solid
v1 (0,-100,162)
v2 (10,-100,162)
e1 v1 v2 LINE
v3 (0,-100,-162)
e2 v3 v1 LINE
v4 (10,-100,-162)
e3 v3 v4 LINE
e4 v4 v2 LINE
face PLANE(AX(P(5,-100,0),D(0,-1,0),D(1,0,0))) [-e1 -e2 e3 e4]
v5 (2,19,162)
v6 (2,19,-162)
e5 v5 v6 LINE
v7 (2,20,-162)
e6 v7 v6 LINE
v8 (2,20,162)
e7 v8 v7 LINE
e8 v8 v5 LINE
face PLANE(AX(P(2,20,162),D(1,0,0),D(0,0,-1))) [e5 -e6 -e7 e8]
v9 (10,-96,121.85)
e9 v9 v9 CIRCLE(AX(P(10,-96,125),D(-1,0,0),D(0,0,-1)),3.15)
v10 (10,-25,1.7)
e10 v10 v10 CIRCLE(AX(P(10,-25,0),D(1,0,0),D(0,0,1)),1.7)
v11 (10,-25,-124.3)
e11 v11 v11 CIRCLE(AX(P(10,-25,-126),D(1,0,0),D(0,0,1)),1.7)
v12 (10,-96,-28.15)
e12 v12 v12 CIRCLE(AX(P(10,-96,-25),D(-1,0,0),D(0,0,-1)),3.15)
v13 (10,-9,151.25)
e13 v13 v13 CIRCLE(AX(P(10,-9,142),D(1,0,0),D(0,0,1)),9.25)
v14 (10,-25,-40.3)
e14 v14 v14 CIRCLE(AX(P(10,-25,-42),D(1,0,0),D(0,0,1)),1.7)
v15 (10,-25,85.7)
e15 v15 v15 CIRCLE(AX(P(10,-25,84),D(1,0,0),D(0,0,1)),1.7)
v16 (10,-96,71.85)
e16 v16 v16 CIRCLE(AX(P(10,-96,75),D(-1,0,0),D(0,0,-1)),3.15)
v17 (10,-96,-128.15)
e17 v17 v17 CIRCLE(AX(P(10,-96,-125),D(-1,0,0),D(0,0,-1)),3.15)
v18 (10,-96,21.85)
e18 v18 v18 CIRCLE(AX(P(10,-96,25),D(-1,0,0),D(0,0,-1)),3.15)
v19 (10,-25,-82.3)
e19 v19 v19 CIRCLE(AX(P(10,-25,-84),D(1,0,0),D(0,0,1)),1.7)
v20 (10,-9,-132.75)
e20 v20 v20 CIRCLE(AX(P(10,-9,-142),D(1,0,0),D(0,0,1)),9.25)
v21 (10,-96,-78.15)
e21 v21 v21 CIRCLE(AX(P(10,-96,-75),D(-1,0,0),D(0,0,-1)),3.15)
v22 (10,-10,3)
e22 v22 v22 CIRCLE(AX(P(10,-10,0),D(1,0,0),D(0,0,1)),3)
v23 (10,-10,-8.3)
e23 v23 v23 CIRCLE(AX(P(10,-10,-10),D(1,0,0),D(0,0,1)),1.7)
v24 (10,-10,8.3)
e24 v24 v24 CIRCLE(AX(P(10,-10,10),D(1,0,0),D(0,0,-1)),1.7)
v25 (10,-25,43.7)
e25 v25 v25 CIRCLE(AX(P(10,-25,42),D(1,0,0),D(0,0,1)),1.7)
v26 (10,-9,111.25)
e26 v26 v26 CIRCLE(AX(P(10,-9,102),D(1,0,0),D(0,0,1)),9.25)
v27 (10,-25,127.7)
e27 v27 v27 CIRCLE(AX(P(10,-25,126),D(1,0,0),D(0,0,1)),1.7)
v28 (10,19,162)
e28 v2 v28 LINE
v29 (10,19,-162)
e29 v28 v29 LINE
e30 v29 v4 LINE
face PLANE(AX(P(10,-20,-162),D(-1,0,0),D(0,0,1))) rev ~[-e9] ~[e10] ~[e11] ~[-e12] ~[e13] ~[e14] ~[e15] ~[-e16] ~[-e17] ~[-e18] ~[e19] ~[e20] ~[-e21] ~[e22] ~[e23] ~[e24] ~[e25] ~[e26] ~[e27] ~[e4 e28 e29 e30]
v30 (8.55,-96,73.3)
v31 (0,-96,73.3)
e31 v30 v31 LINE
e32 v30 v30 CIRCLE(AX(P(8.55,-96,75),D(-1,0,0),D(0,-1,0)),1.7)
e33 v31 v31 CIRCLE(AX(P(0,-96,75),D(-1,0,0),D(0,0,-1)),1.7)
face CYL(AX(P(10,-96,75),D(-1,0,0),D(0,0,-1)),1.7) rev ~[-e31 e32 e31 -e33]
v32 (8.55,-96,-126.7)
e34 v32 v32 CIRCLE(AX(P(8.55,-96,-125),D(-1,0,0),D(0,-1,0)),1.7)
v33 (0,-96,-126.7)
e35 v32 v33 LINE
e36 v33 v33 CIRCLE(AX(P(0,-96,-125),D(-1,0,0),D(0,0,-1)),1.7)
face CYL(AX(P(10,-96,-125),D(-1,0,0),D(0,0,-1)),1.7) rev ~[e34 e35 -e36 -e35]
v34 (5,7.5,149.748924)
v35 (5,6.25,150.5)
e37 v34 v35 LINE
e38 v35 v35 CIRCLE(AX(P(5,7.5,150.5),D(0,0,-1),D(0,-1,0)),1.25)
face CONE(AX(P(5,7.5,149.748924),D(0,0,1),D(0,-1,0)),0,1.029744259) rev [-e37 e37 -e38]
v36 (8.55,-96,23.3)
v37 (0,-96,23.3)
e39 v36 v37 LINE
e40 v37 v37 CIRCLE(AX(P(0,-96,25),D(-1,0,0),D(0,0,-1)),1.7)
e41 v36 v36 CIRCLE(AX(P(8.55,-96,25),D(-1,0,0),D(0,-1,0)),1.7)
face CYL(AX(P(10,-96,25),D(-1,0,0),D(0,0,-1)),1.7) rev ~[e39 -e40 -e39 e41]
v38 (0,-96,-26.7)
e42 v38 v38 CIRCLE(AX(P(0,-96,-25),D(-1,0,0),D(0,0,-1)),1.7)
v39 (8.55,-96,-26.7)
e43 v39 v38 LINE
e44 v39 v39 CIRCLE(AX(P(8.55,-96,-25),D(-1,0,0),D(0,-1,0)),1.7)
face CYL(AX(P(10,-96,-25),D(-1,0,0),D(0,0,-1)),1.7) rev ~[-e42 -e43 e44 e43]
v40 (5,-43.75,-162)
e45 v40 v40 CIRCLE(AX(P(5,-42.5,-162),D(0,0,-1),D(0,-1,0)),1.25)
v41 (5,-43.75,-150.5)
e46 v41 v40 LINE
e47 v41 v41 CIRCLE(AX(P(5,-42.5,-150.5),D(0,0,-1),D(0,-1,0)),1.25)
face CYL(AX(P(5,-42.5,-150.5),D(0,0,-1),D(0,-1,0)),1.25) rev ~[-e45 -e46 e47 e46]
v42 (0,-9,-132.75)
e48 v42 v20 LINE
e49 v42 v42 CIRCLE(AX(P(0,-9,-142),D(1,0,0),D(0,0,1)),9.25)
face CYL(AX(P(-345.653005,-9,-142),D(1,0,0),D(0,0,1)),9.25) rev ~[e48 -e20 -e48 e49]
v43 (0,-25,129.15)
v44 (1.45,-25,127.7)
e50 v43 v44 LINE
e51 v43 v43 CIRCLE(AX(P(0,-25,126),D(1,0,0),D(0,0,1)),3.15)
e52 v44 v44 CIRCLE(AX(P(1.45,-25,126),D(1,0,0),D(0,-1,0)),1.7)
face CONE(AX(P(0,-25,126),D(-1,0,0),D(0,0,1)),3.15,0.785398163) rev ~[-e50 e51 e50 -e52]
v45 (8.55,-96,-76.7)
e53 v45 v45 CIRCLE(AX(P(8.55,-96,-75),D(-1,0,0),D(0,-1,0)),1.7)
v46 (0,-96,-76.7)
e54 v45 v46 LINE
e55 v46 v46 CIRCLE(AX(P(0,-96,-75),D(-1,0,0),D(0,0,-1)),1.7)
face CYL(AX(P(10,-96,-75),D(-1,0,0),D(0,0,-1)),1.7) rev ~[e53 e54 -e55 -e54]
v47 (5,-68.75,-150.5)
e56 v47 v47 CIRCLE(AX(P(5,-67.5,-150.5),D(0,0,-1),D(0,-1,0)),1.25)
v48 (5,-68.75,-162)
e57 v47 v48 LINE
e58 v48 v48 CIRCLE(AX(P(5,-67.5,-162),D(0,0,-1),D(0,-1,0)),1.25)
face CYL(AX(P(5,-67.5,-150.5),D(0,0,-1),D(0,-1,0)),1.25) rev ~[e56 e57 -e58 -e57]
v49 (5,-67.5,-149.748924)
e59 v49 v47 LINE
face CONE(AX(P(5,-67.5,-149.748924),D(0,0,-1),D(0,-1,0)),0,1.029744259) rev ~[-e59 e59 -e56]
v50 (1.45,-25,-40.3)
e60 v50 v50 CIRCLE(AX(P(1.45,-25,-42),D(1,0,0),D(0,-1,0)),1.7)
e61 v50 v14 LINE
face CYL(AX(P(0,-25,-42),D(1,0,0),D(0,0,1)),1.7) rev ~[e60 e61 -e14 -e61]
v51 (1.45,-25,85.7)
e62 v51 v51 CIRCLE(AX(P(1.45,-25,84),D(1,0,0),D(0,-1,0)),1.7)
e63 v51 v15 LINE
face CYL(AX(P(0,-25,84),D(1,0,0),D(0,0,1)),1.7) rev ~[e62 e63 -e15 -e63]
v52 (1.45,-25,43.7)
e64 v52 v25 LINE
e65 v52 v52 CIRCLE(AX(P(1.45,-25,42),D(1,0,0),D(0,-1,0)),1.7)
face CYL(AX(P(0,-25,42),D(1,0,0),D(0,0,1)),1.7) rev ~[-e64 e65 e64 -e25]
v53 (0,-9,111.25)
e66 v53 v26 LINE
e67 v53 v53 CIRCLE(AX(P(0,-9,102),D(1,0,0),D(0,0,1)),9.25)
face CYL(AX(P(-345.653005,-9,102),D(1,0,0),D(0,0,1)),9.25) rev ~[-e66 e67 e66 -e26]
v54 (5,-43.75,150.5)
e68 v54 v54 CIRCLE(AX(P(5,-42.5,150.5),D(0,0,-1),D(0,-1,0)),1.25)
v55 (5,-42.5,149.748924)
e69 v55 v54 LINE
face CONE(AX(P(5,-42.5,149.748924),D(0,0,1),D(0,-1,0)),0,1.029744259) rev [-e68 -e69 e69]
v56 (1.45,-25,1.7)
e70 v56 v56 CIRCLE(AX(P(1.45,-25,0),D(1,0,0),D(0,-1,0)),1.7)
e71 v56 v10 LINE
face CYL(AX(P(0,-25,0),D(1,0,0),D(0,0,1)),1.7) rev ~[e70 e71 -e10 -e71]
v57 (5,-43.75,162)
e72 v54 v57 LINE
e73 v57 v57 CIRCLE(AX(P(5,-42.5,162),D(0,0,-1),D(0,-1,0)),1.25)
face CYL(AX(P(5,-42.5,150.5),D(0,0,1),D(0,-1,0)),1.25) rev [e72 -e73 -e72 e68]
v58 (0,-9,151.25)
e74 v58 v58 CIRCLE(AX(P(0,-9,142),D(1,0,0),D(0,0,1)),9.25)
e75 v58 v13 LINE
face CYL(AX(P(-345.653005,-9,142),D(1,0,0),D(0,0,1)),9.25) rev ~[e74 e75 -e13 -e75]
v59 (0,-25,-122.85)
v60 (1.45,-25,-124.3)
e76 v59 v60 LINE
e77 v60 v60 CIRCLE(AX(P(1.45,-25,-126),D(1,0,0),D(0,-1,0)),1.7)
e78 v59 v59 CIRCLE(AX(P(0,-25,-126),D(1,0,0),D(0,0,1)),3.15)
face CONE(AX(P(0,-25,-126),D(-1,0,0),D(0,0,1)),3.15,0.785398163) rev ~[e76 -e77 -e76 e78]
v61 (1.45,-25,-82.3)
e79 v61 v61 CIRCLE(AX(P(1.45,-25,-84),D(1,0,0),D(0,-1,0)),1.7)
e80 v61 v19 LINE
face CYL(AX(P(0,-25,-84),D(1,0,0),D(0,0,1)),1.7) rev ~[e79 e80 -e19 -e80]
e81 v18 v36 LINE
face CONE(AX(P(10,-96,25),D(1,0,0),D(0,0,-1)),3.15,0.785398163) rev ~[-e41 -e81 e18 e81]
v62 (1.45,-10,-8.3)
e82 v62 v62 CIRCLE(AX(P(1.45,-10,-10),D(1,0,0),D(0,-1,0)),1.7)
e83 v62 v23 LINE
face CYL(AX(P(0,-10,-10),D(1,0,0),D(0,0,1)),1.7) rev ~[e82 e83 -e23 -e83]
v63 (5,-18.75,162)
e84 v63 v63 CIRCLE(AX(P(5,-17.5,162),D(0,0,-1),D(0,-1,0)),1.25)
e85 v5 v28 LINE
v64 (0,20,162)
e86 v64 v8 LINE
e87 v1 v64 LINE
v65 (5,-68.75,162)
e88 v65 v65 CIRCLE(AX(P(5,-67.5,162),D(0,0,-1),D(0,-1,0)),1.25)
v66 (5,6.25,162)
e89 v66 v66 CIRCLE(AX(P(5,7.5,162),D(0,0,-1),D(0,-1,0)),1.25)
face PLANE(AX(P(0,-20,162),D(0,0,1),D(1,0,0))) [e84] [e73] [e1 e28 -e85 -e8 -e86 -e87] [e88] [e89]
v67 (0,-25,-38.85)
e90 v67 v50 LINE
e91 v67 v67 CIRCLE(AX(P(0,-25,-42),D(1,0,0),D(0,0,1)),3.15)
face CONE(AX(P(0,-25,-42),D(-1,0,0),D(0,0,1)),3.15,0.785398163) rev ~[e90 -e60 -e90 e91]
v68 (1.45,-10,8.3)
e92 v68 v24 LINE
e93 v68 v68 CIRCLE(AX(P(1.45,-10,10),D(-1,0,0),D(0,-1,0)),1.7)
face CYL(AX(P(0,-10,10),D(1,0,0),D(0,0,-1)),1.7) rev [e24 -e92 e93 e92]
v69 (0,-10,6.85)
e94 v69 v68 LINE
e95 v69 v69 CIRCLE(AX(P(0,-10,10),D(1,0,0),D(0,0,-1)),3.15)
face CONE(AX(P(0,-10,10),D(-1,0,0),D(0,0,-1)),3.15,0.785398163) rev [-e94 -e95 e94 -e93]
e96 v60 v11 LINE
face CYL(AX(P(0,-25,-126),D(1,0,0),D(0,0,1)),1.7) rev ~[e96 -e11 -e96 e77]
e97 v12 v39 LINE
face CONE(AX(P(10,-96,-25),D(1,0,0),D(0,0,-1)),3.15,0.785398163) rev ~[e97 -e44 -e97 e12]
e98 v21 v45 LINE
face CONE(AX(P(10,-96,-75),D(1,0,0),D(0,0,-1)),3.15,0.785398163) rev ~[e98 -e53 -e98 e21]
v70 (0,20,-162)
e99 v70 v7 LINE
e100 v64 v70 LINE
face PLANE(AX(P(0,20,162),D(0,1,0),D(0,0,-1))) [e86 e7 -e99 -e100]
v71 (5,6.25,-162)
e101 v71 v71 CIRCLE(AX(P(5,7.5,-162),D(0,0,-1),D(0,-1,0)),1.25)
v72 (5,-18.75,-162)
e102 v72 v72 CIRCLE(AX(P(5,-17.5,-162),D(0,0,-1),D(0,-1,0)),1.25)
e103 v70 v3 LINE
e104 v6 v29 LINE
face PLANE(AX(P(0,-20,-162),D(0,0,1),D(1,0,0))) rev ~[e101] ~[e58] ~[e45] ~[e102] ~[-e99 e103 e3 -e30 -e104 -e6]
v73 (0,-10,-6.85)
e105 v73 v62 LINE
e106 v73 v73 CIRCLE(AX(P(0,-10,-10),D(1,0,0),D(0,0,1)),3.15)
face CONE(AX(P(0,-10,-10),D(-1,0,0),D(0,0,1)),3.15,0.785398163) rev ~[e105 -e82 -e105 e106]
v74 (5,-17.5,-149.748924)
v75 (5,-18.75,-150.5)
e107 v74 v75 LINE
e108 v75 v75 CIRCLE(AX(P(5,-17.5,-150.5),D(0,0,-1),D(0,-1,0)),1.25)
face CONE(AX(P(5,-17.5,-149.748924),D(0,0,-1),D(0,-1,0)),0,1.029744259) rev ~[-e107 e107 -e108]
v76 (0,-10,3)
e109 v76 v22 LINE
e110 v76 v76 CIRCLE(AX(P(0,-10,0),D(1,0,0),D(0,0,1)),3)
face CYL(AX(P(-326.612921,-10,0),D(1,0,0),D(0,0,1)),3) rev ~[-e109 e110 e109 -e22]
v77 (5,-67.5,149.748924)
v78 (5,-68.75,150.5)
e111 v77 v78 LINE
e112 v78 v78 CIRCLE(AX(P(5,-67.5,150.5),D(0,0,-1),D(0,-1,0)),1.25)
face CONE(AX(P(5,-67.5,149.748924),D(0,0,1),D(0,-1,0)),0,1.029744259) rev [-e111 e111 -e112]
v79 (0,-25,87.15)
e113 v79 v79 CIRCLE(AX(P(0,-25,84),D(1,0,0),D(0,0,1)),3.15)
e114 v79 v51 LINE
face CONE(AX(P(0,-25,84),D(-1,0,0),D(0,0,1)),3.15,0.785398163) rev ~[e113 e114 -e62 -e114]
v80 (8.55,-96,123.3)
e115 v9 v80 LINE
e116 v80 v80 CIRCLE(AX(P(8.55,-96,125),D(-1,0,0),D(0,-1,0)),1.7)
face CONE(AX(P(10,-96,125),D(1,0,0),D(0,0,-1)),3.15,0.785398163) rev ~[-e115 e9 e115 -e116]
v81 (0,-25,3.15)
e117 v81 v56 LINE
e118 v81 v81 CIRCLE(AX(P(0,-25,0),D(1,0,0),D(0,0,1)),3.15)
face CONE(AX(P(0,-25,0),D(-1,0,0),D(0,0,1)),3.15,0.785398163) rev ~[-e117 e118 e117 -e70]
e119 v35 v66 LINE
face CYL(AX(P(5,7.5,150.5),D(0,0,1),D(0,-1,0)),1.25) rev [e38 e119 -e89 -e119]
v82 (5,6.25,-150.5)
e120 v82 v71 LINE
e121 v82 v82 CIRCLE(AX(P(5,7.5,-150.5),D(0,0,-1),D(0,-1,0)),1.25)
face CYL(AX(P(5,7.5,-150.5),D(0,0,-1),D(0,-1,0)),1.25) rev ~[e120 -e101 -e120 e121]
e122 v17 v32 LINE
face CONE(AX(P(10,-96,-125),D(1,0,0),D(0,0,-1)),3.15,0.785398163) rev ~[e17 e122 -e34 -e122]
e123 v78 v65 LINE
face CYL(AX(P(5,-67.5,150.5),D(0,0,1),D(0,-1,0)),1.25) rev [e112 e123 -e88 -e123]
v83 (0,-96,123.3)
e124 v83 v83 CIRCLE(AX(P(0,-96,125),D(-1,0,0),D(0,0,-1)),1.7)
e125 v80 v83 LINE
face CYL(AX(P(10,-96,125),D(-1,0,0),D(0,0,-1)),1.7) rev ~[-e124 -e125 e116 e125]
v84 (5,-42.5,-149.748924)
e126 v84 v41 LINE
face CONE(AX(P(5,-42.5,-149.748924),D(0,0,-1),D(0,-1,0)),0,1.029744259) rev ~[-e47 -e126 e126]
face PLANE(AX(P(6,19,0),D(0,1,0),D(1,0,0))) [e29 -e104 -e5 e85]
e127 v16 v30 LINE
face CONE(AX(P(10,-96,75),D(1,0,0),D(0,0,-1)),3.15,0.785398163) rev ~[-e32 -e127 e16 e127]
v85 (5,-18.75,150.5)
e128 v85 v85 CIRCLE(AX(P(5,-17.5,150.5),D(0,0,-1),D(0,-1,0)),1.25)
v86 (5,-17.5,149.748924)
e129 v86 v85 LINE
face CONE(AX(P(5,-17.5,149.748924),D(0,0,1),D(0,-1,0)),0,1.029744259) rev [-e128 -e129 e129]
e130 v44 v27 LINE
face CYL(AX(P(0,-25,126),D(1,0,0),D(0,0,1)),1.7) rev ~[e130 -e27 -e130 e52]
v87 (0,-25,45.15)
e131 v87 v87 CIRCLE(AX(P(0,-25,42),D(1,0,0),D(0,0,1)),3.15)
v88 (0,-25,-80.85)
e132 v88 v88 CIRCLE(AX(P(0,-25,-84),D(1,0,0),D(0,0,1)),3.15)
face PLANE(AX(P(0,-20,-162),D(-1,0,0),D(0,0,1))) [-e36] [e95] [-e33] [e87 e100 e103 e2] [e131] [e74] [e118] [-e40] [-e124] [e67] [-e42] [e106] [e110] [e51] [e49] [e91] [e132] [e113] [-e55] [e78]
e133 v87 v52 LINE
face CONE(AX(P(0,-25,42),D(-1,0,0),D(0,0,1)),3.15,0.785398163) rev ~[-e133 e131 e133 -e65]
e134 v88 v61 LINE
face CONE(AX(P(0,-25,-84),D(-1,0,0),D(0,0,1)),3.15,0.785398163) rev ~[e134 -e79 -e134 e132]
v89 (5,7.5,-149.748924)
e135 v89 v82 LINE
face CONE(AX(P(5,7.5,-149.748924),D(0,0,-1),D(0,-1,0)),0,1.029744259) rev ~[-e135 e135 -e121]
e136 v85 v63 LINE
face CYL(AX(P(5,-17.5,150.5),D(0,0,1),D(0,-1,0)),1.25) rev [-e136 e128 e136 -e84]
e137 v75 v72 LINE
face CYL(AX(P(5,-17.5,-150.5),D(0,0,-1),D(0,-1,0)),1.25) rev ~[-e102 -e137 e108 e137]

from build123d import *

# Parameters (mm, degrees)
SKETCH1_W                                            = 324
SKETCH1_H                                            = 40
BOSS_EXTRUDE1_DEPTH                                  = 10
G1_4_TAPPED_HOLE1_D                                  = 6
CSK_FOR_M3_COUNTERSUNK_FLAT_HEAD1_D                  = 3.4
CSK_FOR_M3_COUNTERSUNK_FLAT_HEAD1_CSINK_D            = 6.3
CSK_FOR_M3_COUNTERSUNK_FLAT_HEAD1_CSINK_ANGLE        = 90
SKETCH9_W                                            = 10
SKETCH9_H                                            = 324
BOSS_EXTRUDE2_DEPTH                                  = 80
CSK_FOR_M3_COUNTERSUNK_FLAT_HEAD2_D                  = 3.4
CSK_FOR_M3_COUNTERSUNK_FLAT_HEAD2_DEPTH              = 11.5
CSK_FOR_M3_COUNTERSUNK_FLAT_HEAD2_CSINK_D            = 6.3
CSK_FOR_M3_COUNTERSUNK_FLAT_HEAD2_CSINK_ANGLE        = 90
CSK_FOR_M3_COUNTERSUNK_FLAT_HEAD2_TIP                = 1.021463052
M3X0_5_TAPPED_HOLE1_AT_2_COUNT                       = 2
M3X0_5_TAPPED_HOLE1_AT_2_PITCH                       = 25
M3X0_5_TAPPED_HOLE1_AT_3_COUNT                       = 2
M3X0_5_TAPPED_HOLE1_AT_3_PITCH                       = 50
M3X0_5_TAPPED_HOLE1_AT_4_COUNT                       = 2
M3X0_5_TAPPED_HOLE1_AT_4_PITCH                       = 75
SKETCH14_W                                           = 8
SKETCH14_H                                           = 324
CUT_EXTRUDE1_DEPTH                                   = 1
CSK_FOR_M3_CROSS_RECESS_FLAT_HEAD_SCREW1_D           = 3.4
CSK_FOR_M3_CROSS_RECESS_FLAT_HEAD_SCREW1_CSINK_D     = 6.3
CSK_FOR_M3_CROSS_RECESS_FLAT_HEAD_SCREW1_CSINK_ANGLE = 90
LPATTERN1_COUNT                                      = 4
LPATTERN1_PITCH                                      = 42
LPATTERN1_COL_COUNT                                  = 4
LPATTERN1_COL_PITCH                                  = 42
M20X1_5_TAPPED_HOLE1_D                               = 18.5


with BuildPart() as part:
    # Sketch1 → Boss-Extrude1 (new body)
    with BuildSketch(Plane(origin=(0, 0, 0), x_dir=(0, 0, -1), z_dir=(1, 0, 0))):
        Rectangle(SKETCH1_W, SKETCH1_H)
    extrude(amount=BOSS_EXTRUDE1_DEPTH)

    # G1/4 Tapped Hole1 (through all)
    with Locations(Plane(origin=(0, -10, 0), x_dir=(0, 0, -1), z_dir=(-1, 0, 0))):
        with Locations((0, 0)):
            Hole(G1_4_TAPPED_HOLE1_D / 2)

    # CSK for M3 Countersunk Flat Head1 (through all)
    with Locations(Plane(origin=(0, -10, -10), x_dir=(0, 0, -1), z_dir=(-1, 0, 0))):
        with Locations((0, 0)):
            csk_for_m3_countersunk_flat_head1 = CounterSinkHole(CSK_FOR_M3_COUNTERSUNK_FLAT_HEAD1_D / 2, CSK_FOR_M3_COUNTERSUNK_FLAT_HEAD1_CSINK_D / 2, counter_sink_angle=CSK_FOR_M3_COUNTERSUNK_FLAT_HEAD1_CSINK_ANGLE)

    # Mirror1: CSK for M3 Countersunk Flat Head1 across plane
    add(csk_for_m3_countersunk_flat_head1.mirror(Plane.XY), mode=Mode.SUBTRACT)

    # Sketch9 → Boss-Extrude2 (add)
    with BuildSketch(Plane.XZ.offset(20)):
        with Locations((5, 0)):
            Rectangle(SKETCH9_W, SKETCH9_H)
    extrude(amount=BOSS_EXTRUDE2_DEPTH)

    # CSK for M3 Countersunk Flat Head2
    with Locations(Plane(origin=(10, -96, 125), x_dir=(0, 0, 1), z_dir=(1, 0, 0))):
        with Locations((0, 0), (-50, 0), (-100, 0), (-150, 0), (-200, 0), (-250, 0)):
            CounterSinkHole(CSK_FOR_M3_COUNTERSUNK_FLAT_HEAD2_D / 2, CSK_FOR_M3_COUNTERSUNK_FLAT_HEAD2_CSINK_D / 2, depth=CSK_FOR_M3_COUNTERSUNK_FLAT_HEAD2_DEPTH, counter_sink_angle=CSK_FOR_M3_COUNTERSUNK_FLAT_HEAD2_CSINK_ANGLE)
            with Locations((0, 0, -(CSK_FOR_M3_COUNTERSUNK_FLAT_HEAD2_DEPTH + CSK_FOR_M3_COUNTERSUNK_FLAT_HEAD2_TIP / 2))):  # 118° drill point
                Cone(0, CSK_FOR_M3_COUNTERSUNK_FLAT_HEAD2_D / 2, CSK_FOR_M3_COUNTERSUNK_FLAT_HEAD2_TIP, mode=Mode.SUBTRACT)

    # Sketch13 → M3x0.5 Tapped Hole1 (revolve, cut)
    with BuildSketch(Plane(origin=(5, 7.5, 162), x_dir=(0, -1, 0), z_dir=(1, 0, 0))):
        Polygon((0, 0), (0, 12.251075774), (1.25, 11.5), (1.25, 0), align=None)
    m3x0_5_tapped_hole1 = revolve(axis=Axis((5, 7.5, 168.35), (0, 0, -1)), mode=Mode.SUBTRACT)

    # M3x0.5 Tapped Hole1 at 2: M3x0.5 Tapped Hole1 ×2
    with Locations(*[(0, -i * M3X0_5_TAPPED_HOLE1_AT_2_PITCH, 0) for i in range(1, M3X0_5_TAPPED_HOLE1_AT_2_COUNT)]):
        add(m3x0_5_tapped_hole1, mode=Mode.SUBTRACT)

    # M3x0.5 Tapped Hole1 at 3: M3x0.5 Tapped Hole1 ×2
    with Locations(*[(0, -i * M3X0_5_TAPPED_HOLE1_AT_3_PITCH, 0) for i in range(1, M3X0_5_TAPPED_HOLE1_AT_3_COUNT)]):
        add(m3x0_5_tapped_hole1, mode=Mode.SUBTRACT)

    # M3x0.5 Tapped Hole1 at 4: M3x0.5 Tapped Hole1 ×2
    with Locations(*[(0, -i * M3X0_5_TAPPED_HOLE1_AT_4_PITCH, 0) for i in range(1, M3X0_5_TAPPED_HOLE1_AT_4_COUNT)]):
        add(m3x0_5_tapped_hole1, mode=Mode.SUBTRACT)

    # Mirror2: M3x0.5 Tapped Hole1 across plane
    add(m3x0_5_tapped_hole1.mirror(Plane.XY), mode=Mode.SUBTRACT)

    # Mirror2 copy 1 sketch → Mirror2 copy 1 (revolve, cut)
    with BuildSketch(Plane(origin=(5, -17.5, -162), x_dir=(0, -1, 0), z_dir=(1, 0, 0))):
        Polygon((0, 0), (0, -12.251075774), (1.25, -11.5), (1.25, 0), align=None)
    revolve(axis=Axis((5, -17.5, -168.35), (0, 0, -1)), mode=Mode.SUBTRACT)

    # Mirror2 copy 2 sketch → Mirror2 copy 2 (revolve, cut)
    with BuildSketch(Plane(origin=(5, -42.5, -162), x_dir=(0, -1, 0), z_dir=(1, 0, 0))):
        Polygon((0, 0), (0, -12.251075774), (1.25, -11.5), (1.25, 0), align=None)
    revolve(axis=Axis((5, -42.5, -168.35), (0, 0, -1)), mode=Mode.SUBTRACT)

    # Mirror2 copy 3 sketch → Mirror2 copy 3 (revolve, cut)
    with BuildSketch(Plane(origin=(5, -67.5, -162), x_dir=(0, -1, 0), z_dir=(1, 0, 0))):
        Polygon((0, 0), (0, -12.251075774), (1.25, -11.5), (1.25, 0), align=None)
    revolve(axis=Axis((5, -67.5, -168.35), (0, 0, -1)), mode=Mode.SUBTRACT)

    # Sketch14 → Cut-Extrude1 (cut)
    with BuildSketch(Plane(origin=(0, 20, 0), x_dir=(1, 0, 0), z_dir=(0, 1, 0))):
        with Locations((6, 0)):
            Rectangle(SKETCH14_W, SKETCH14_H)
    extrude(amount=-CUT_EXTRUDE1_DEPTH, mode=Mode.SUBTRACT)

    # CSK for M3 Cross Recess Flat Head Screw1 (through all)
    with Locations(Plane(origin=(0, -25, 0), x_dir=(0, 0, -1), z_dir=(-1, 0, 0))):
        with Locations((0, 0)):
            csk_for_m3_cross_recess_flat_head_screw1 = CounterSinkHole(CSK_FOR_M3_CROSS_RECESS_FLAT_HEAD_SCREW1_D / 2, CSK_FOR_M3_CROSS_RECESS_FLAT_HEAD_SCREW1_CSINK_D / 2, counter_sink_angle=CSK_FOR_M3_CROSS_RECESS_FLAT_HEAD_SCREW1_CSINK_ANGLE)

    # LPattern1: CSK for M3 Cross Recess Flat Head Screw1 ×4
    with Locations(*[(0, 0, i * LPATTERN1_PITCH) for i in range(1, LPATTERN1_COUNT)]):
        add(csk_for_m3_cross_recess_flat_head_screw1, mode=Mode.SUBTRACT)

    # LPattern1 col: CSK for M3 Cross Recess Flat Head Screw1 ×4
    with Locations(*[(0, 0, -i * LPATTERN1_COL_PITCH) for i in range(1, LPATTERN1_COL_COUNT)]):
        add(csk_for_m3_cross_recess_flat_head_screw1, mode=Mode.SUBTRACT)

    # M20x1.5 Tapped Hole1 (through all)
    with Locations(Plane(origin=(0, -9, 142), x_dir=(0, 0, -1), z_dir=(-1, 0, 0))):
        with Locations((0, 0), (284, 0), (40, 0)):
            Hole(M20X1_5_TAPPED_HOLE1_D / 2)


solid = part.part
